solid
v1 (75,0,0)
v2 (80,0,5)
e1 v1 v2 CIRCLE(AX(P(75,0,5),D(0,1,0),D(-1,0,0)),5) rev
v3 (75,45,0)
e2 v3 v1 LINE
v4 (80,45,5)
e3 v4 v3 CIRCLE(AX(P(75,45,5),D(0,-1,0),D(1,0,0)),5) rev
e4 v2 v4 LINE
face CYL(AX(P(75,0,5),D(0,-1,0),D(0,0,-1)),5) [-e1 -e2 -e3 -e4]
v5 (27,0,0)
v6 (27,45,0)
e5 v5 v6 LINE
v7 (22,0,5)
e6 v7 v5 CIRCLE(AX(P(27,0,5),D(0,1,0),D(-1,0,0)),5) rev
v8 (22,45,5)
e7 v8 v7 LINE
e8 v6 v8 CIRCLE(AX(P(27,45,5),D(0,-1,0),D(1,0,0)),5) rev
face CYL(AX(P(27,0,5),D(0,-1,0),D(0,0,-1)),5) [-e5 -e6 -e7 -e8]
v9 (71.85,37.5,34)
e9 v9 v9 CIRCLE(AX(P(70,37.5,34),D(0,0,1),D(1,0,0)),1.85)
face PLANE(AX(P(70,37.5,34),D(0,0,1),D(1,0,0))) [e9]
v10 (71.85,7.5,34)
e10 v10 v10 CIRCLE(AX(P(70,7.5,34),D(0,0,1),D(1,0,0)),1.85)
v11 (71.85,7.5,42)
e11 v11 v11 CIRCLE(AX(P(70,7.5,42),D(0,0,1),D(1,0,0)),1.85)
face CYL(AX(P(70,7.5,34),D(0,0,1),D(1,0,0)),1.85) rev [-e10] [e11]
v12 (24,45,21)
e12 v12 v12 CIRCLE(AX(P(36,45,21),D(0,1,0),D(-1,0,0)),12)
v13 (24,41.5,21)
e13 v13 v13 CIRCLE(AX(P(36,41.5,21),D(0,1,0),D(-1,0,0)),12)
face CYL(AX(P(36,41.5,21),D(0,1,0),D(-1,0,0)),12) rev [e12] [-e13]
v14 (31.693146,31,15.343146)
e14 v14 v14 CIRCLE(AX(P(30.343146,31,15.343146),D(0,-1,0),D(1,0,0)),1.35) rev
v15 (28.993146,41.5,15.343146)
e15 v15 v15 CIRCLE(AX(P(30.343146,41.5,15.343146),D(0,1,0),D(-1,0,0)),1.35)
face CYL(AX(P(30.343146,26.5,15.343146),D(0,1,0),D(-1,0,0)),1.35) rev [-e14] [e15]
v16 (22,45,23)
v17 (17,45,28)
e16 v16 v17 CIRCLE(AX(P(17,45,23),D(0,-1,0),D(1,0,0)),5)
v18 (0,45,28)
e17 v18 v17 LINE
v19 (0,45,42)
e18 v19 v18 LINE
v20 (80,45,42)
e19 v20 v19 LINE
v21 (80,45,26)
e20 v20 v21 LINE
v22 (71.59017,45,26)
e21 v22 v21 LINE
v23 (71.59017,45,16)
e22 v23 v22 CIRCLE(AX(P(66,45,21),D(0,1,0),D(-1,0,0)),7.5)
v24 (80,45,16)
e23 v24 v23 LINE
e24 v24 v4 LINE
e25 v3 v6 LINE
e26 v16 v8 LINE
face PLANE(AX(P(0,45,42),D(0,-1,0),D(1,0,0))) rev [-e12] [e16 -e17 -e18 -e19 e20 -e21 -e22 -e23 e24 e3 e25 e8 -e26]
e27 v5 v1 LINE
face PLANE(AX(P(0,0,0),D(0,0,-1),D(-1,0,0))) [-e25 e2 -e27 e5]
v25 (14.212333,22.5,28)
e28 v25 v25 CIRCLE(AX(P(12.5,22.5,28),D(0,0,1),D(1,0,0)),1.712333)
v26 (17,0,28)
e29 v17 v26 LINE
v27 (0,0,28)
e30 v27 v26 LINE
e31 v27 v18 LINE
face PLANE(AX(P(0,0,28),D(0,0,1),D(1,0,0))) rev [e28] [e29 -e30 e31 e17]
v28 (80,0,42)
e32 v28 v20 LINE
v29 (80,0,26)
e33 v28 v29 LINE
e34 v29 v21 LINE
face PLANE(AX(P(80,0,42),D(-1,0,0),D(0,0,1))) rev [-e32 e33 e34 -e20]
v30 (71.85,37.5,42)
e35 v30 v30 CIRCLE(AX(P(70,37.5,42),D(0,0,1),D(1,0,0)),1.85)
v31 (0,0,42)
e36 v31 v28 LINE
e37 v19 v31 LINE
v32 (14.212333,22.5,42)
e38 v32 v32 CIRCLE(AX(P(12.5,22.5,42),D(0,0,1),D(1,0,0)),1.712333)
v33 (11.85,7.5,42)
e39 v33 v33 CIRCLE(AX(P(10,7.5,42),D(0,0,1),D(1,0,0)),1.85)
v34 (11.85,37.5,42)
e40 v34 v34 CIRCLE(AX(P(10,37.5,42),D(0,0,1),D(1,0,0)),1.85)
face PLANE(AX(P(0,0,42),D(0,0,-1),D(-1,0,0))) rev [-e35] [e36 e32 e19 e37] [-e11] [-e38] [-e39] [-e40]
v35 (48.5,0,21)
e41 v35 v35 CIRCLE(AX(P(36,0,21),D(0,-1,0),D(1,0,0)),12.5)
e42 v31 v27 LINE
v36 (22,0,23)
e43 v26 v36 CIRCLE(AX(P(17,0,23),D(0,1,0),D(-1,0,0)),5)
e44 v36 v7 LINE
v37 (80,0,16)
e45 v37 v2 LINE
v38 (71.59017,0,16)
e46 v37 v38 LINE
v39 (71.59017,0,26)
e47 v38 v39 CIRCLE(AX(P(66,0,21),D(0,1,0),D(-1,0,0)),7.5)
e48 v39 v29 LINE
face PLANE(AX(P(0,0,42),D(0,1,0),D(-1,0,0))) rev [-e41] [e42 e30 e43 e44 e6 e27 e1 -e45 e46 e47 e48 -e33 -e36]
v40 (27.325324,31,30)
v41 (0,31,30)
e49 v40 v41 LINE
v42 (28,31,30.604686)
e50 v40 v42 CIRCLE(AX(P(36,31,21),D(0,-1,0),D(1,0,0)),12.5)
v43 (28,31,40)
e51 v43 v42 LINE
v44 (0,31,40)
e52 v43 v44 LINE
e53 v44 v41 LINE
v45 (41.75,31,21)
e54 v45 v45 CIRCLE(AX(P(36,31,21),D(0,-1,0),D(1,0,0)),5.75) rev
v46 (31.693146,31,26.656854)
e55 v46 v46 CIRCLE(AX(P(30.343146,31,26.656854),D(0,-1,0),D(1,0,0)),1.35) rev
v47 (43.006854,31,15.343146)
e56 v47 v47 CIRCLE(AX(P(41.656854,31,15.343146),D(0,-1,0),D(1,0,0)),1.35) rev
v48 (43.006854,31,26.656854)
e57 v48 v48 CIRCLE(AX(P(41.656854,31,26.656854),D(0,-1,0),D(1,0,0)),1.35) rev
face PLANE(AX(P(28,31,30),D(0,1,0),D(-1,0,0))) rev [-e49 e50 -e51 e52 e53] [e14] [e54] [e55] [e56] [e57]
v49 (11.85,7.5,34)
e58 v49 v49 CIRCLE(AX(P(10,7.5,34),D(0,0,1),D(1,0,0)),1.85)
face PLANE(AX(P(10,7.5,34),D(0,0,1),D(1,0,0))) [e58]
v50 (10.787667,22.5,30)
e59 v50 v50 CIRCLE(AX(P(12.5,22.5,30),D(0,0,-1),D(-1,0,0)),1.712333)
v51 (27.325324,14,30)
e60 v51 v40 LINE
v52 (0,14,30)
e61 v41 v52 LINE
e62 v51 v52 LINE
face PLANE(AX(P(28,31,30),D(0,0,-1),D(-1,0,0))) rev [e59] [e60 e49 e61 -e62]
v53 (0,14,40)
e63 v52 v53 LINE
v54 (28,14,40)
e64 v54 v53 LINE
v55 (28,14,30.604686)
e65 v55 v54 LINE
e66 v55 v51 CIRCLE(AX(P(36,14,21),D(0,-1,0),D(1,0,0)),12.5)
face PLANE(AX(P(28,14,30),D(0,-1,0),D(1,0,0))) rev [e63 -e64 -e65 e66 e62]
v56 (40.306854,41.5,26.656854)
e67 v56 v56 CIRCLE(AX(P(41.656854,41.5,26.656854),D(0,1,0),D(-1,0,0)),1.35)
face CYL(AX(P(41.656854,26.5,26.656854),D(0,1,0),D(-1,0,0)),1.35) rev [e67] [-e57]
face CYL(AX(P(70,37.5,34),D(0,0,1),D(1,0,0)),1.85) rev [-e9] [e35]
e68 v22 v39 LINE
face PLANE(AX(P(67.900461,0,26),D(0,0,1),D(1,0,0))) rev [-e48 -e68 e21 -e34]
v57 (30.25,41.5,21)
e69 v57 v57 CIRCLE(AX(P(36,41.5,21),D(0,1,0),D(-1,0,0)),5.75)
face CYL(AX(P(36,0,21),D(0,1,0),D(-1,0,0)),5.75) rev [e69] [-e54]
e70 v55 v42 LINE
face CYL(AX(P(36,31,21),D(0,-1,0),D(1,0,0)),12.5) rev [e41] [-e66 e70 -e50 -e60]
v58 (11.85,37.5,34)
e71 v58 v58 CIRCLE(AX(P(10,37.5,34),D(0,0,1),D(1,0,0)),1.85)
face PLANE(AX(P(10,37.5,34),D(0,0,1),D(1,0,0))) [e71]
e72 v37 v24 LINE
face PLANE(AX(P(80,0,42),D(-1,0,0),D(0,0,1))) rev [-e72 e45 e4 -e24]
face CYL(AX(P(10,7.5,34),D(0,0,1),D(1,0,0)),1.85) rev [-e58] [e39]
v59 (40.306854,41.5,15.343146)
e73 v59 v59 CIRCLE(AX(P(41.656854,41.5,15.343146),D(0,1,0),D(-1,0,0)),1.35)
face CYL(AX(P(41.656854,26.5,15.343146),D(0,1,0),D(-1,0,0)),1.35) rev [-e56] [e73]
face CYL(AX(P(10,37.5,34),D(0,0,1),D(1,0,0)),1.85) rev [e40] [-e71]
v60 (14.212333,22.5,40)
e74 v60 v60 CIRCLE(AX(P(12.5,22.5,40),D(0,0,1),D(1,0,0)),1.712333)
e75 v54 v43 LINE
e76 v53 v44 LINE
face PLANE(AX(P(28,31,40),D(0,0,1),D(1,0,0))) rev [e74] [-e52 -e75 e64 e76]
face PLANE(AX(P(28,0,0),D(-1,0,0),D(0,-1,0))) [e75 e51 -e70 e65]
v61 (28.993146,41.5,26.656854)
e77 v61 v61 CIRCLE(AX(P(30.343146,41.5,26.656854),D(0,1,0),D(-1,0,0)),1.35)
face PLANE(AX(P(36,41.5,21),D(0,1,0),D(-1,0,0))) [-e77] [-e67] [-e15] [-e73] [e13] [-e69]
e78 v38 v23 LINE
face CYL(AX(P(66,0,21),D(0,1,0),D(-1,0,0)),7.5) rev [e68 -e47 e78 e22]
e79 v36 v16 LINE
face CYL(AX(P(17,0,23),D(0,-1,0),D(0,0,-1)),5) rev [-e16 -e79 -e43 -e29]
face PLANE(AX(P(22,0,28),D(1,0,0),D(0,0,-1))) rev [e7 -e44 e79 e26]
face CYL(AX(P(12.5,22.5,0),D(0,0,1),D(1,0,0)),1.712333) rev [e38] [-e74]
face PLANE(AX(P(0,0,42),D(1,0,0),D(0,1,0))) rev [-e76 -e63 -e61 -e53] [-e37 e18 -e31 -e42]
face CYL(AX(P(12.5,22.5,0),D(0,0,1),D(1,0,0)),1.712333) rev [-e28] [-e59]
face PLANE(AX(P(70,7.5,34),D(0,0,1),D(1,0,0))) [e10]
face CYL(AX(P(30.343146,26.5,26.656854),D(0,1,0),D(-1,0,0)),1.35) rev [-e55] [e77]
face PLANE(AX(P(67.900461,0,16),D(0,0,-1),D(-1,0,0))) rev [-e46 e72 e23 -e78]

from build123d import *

# Parameters (mm, degrees)
SKETCH1_W           = 80
SKETCH1_H           = 45
BOSS_EXTRUDE1_DEPTH = 42
SKETCH3_W           = 22
SKETCH3_H           = 28
CUT_EXTRUDE2_DEPTH  = 46
SKETCH4_W           = 10
SKETCH4_H           = 17
CUT_EXTRUDE3_DEPTH  = 28
SKETCH7_R           = 12
CUT_EXTRUDE5_DEPTH  = 3.5
SKETCH11_R          = 1.35
CUT_EXTRUDE6_DEPTH  = 15
SKETCH12_R          = 5.75
CUT_EXTRUDE7_DEPTH  = 42.5
SKETCH13_R          = 7.5
CUT_EXTRUDE8_DEPTH  = 46
SKETCH14_W          = 12.099538741
SKETCH14_H          = 10
CUT_EXTRUDE9_DEPTH  = 46
SKETCH15_R          = 1.712332532
CUT_EXTRUDE10_DEPTH = 43
SKETCH16_R          = 1.85
CUT_EXTRUDE11_DEPTH = 8
FILLET2_R           = 5
SKETCH17_R          = 12.5
CUT_EXTRUDE12_DEPTH = 31


with BuildPart() as part:
    # Sketch1 → Boss-Extrude1 (new body)
    with BuildSketch(Plane.XY):
        with Locations((40, 22.5)):
            Rectangle(SKETCH1_W, SKETCH1_H)
    extrude(amount=BOSS_EXTRUDE1_DEPTH)

    # Sketch3 → Cut-Extrude2 (cut, through all)
    with BuildSketch(Plane(origin=(0, 45, 0), x_dir=(1, 0, 0), z_dir=(0, 1, 0))):
        with Locations((11, -14)):
            Rectangle(SKETCH3_W, SKETCH3_H)
    extrude(amount=-CUT_EXTRUDE2_DEPTH, mode=Mode.SUBTRACT)

    # Sketch4 → Cut-Extrude3 (cut)
    with BuildSketch(Plane.ZY):
        with Locations((35, 22.5)):
            Rectangle(SKETCH4_W, SKETCH4_H)
    extrude(amount=-CUT_EXTRUDE3_DEPTH, mode=Mode.SUBTRACT)

    # Sketch7 → Cut-Extrude5 (cut)
    with BuildSketch(Plane(origin=(0, 45, 0), x_dir=(1, 0, 0), z_dir=(0, 1, 0))):
        with Locations((36, -21)):
            Circle(SKETCH7_R)
    extrude(amount=-CUT_EXTRUDE5_DEPTH, mode=Mode.SUBTRACT)

    # Sketch11 → Cut-Extrude6 (cut)
    with BuildSketch(Plane(origin=(0, 41.5, 0), x_dir=(1, 0, 0), z_dir=(0, 1, 0))):
        with Locations((41.656854249, -15.343145751)):
            Circle(SKETCH11_R)
        with Locations((41.656854249, -26.656854249)):
            Circle(SKETCH11_R)
        with Locations((30.343145751, -26.656854249)):
            Circle(SKETCH11_R)
        with Locations((30.343145751, -15.343145751)):
            Circle(SKETCH11_R)
    extrude(amount=-CUT_EXTRUDE6_DEPTH, mode=Mode.SUBTRACT)

    # Sketch12 → Cut-Extrude7 (cut, through all)
    with BuildSketch(Plane(origin=(0, 41.5, 0), x_dir=(1, 0, 0), z_dir=(0, 1, 0))):
        with Locations((36, -21)):
            Circle(SKETCH12_R)
    extrude(amount=-CUT_EXTRUDE7_DEPTH, mode=Mode.SUBTRACT)

    # Sketch13 → Cut-Extrude8 (cut, through all)
    with BuildSketch(Plane(origin=(0, 45, 0), x_dir=(1, 0, 0), z_dir=(0, 1, 0))):
        with Locations((66, -21)):
            Circle(SKETCH13_R)
    extrude(amount=-CUT_EXTRUDE8_DEPTH, mode=Mode.SUBTRACT)

    # Sketch14 → Cut-Extrude9 (cut, through all)
    with BuildSketch(Plane(origin=(0, 45, 0), x_dir=(1, 0, 0), z_dir=(0, 1, 0))):
        with Locations((73.950230629, -21)):
            Rectangle(SKETCH14_W, SKETCH14_H)
    extrude(amount=-CUT_EXTRUDE9_DEPTH, mode=Mode.SUBTRACT)

    # Sketch15 → Cut-Extrude10 (cut, through all)
    with BuildSketch(Plane.XY.offset(42)):
        with Locations((12.5, 22.500000001)):
            Circle(SKETCH15_R)
    extrude(amount=-CUT_EXTRUDE10_DEPTH, mode=Mode.SUBTRACT)

    # Sketch16 → Cut-Extrude11 (cut)
    with BuildSketch(Plane.XY.offset(42)):
        with Locations((10, 37.5)):
            Circle(SKETCH16_R)
        with Locations((70, 37.5)):
            Circle(SKETCH16_R)
        with Locations((70, 7.5)):
            Circle(SKETCH16_R)
        with Locations((10, 7.5)):
            Circle(SKETCH16_R)
    extrude(amount=-CUT_EXTRUDE11_DEPTH, mode=Mode.SUBTRACT)

    # Fillet2
    fillet2_edges = [part.edges().sort_by_distance(p)[0] for p in [
        (22, 22.5, 0),
        (22, 22.5, 28),
        (80, 22.5, 0),
    ]]
    fillet(fillet2_edges, radius=FILLET2_R)

    # Sketch17 → Cut-Extrude12 (cut)
    with BuildSketch(Plane.XZ):
        with Locations((36, 21)):
            Circle(SKETCH17_R)
    extrude(amount=-CUT_EXTRUDE12_DEPTH, mode=Mode.SUBTRACT)


solid = part.part
